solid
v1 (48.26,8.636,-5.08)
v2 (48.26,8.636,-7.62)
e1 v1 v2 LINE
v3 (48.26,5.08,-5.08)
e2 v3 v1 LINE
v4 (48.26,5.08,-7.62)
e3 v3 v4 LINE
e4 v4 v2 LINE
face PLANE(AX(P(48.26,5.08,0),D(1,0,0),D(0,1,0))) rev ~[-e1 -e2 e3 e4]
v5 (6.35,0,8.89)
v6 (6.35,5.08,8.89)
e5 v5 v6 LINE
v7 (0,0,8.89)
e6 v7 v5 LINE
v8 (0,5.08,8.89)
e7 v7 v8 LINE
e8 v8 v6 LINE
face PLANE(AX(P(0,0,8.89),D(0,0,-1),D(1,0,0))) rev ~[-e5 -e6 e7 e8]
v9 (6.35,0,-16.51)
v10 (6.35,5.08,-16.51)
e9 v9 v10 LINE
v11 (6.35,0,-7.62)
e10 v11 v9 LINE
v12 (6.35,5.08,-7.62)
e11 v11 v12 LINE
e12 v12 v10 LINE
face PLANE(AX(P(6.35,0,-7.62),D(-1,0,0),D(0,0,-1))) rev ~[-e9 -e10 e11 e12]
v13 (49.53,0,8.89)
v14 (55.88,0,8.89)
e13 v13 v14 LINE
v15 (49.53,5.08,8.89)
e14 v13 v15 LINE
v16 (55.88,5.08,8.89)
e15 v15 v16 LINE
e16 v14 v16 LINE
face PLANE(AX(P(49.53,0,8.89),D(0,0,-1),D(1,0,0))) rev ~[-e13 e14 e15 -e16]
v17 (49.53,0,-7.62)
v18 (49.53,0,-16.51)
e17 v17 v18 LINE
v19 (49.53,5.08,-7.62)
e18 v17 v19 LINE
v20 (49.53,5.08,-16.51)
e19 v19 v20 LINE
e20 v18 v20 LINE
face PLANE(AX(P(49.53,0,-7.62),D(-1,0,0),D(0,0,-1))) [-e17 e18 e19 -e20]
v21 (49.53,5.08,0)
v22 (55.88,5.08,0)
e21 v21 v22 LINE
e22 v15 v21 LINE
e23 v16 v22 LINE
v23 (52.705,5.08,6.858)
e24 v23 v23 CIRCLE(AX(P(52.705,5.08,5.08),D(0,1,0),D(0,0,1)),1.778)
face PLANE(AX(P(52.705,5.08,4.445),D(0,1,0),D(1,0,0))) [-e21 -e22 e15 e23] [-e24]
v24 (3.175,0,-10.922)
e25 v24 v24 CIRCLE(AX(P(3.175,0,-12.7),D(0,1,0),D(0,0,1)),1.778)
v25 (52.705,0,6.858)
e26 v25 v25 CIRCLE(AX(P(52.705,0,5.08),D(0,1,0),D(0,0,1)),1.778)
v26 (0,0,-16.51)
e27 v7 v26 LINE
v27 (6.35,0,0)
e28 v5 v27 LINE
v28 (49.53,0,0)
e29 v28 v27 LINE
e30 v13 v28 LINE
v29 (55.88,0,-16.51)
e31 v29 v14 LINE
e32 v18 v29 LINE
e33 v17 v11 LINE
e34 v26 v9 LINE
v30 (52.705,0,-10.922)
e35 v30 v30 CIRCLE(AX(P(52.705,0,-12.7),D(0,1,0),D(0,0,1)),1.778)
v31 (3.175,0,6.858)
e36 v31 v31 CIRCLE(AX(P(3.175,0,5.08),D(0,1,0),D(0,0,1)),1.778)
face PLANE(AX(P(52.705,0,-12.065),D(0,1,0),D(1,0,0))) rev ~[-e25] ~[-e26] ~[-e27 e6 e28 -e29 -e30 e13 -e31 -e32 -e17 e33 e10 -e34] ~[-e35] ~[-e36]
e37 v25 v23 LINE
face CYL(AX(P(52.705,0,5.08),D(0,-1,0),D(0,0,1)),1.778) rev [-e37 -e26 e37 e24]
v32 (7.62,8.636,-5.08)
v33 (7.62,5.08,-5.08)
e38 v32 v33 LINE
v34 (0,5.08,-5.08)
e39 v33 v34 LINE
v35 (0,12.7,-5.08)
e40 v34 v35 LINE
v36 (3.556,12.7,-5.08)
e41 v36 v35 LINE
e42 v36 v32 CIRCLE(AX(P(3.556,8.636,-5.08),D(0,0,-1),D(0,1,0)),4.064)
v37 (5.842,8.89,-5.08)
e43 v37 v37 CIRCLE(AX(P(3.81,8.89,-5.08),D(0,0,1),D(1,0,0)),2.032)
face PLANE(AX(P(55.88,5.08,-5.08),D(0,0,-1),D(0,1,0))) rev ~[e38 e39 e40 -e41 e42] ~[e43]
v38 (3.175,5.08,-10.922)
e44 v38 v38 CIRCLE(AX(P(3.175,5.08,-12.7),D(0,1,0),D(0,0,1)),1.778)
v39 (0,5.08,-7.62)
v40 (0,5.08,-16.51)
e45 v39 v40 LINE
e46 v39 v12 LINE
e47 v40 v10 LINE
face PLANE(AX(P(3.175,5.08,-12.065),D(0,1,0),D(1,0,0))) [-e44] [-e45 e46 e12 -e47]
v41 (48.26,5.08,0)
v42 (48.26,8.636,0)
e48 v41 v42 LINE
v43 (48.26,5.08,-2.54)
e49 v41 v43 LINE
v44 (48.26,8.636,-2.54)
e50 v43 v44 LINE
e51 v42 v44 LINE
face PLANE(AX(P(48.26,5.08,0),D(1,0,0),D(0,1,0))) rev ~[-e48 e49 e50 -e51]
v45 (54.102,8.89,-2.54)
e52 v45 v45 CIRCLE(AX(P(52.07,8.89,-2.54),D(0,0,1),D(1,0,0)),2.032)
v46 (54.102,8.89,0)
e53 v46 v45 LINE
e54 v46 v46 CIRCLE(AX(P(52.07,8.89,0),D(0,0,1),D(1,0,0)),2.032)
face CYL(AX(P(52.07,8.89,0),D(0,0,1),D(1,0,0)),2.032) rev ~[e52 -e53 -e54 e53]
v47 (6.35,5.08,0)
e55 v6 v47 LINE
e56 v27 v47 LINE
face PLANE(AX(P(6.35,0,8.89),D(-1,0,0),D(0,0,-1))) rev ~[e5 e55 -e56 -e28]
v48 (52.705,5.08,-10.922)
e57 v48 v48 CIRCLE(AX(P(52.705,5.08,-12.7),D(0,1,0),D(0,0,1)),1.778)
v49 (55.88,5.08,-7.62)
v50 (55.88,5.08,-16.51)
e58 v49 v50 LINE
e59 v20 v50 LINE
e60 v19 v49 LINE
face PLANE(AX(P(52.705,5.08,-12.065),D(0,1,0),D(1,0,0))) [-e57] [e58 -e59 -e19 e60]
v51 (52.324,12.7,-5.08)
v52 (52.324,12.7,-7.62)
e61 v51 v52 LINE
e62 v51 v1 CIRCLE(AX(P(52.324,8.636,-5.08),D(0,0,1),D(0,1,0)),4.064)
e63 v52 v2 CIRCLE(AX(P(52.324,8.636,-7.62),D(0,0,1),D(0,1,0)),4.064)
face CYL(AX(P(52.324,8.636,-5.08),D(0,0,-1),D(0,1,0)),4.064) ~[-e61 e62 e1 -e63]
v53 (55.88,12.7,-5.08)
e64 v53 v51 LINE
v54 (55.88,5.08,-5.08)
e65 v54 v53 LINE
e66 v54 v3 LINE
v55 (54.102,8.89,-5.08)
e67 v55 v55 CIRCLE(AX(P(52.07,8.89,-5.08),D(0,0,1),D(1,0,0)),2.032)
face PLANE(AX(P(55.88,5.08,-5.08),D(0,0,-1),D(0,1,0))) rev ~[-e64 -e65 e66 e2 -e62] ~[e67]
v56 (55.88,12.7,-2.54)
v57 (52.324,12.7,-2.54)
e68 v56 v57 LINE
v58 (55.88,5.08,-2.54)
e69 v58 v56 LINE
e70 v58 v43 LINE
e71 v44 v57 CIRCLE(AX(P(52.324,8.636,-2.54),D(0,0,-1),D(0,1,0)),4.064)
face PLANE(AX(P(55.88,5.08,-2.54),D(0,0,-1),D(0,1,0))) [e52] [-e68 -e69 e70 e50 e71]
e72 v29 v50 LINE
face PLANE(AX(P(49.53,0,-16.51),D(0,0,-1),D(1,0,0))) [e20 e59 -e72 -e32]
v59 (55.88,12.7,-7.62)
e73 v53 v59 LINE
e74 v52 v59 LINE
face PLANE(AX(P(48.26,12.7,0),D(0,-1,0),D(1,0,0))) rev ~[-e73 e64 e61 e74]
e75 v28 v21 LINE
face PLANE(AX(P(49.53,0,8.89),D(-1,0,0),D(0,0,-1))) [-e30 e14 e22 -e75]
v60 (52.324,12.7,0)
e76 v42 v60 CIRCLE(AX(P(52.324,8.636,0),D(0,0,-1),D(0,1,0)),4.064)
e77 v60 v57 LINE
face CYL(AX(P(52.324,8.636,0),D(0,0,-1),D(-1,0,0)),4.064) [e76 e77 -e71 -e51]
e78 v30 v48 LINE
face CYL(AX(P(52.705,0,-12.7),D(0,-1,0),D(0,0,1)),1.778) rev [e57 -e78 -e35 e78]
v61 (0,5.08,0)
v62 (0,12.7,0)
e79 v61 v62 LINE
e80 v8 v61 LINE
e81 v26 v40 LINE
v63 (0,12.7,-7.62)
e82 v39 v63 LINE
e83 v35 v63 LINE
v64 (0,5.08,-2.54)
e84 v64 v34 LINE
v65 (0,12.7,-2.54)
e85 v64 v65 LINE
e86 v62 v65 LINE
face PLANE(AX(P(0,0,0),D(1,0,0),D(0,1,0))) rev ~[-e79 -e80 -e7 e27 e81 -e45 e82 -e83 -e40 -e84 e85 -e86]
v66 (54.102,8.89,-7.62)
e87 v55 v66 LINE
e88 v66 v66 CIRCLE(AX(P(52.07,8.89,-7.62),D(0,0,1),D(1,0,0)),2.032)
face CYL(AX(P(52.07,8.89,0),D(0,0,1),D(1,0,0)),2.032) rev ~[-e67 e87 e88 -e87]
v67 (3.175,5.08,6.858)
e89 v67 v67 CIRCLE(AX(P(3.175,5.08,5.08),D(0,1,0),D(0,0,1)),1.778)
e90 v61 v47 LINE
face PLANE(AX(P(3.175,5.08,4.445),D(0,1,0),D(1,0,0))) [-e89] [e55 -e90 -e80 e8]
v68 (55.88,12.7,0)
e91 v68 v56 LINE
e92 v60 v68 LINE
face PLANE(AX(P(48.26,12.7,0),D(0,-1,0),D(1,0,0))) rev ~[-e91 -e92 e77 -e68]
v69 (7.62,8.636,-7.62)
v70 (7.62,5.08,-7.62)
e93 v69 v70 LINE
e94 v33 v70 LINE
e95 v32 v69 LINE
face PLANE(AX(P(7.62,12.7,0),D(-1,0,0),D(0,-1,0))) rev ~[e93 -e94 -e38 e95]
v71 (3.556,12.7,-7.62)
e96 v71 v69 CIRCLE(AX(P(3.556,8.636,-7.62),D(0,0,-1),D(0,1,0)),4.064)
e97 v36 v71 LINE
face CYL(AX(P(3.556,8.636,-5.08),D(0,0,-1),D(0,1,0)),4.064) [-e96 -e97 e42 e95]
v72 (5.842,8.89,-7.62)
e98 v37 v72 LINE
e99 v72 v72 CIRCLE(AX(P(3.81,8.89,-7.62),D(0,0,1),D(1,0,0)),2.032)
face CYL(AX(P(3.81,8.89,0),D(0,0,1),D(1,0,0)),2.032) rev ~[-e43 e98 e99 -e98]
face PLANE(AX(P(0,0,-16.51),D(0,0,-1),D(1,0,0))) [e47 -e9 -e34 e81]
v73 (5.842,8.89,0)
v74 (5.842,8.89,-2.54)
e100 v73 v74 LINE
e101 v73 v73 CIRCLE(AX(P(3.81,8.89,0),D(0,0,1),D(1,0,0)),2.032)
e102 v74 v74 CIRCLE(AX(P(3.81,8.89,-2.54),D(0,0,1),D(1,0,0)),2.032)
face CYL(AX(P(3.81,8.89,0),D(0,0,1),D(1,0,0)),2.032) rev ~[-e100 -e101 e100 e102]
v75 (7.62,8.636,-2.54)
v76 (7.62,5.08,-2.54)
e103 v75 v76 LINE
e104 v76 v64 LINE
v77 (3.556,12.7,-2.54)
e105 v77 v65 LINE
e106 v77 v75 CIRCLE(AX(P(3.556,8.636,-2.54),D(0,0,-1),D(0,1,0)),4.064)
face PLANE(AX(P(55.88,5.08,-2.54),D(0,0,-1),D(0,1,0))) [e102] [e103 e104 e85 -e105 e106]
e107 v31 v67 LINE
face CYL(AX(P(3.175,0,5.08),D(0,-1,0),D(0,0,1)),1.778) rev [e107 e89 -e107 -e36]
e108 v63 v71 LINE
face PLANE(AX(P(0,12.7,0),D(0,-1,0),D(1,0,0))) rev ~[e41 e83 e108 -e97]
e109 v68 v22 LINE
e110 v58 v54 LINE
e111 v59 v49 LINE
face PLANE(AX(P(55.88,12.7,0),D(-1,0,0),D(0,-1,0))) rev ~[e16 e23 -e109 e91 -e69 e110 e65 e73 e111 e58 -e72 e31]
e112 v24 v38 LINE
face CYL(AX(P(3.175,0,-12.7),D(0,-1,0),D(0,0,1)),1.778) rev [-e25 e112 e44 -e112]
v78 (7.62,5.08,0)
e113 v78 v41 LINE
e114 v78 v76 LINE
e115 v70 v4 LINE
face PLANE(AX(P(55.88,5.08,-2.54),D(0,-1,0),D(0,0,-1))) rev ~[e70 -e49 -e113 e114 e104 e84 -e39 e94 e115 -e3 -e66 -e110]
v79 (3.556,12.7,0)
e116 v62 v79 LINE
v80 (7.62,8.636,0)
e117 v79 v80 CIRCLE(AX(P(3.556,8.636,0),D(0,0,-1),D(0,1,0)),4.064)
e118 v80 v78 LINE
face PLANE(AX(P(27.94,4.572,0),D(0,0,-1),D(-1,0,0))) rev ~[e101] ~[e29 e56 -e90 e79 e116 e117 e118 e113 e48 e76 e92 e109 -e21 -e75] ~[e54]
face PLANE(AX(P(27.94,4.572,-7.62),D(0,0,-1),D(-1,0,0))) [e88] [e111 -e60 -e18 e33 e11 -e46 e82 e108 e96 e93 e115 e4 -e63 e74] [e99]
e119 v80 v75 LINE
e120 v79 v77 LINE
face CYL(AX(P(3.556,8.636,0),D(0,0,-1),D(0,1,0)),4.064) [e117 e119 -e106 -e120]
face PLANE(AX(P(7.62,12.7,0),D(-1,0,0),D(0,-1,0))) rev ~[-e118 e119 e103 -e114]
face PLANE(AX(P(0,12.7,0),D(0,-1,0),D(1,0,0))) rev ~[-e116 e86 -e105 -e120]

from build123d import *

# Parameters (mm, degrees)
SKETCH1_R           = 2.032
BOSS_EXTRUDE1_DEPTH = 7.62
SKETCH3_W           = 2.54
SKETCH3_H           = 7.62
CUT_EXTRUDE1_DEPTH  = 55.88
SKETCH5_W           = 6.35
SKETCH5_H           = 8.89
SKETCH5_R           = 1.778
BOSS_EXTRUDE2_DEPTH = 5.08
FILLET2_R           = 4.064


with BuildPart() as part:
    # Sketch1 → Boss-Extrude1 (new body)
    with BuildSketch(Plane.XY):
        Polygon((0, 0), (0, 12.7), (7.62, 12.7), (7.62, 5.08), (48.26, 5.08), (48.26, 12.7), (55.88, 12.7), (55.88, 0), align=None)
        with Locations((3.81, 8.89)):
            Circle(SKETCH1_R, mode=Mode.SUBTRACT)
        with Locations((52.07, 8.89)):
            Circle(SKETCH1_R, mode=Mode.SUBTRACT)
    extrude(amount=-BOSS_EXTRUDE1_DEPTH)

    # Sketch3 → Cut-Extrude1 (cut)
    with BuildSketch(Plane(origin=(55.88, 0, 0), x_dir=(0, 0, -1), z_dir=(1, 0, 0))):
        with Locations((3.81, 8.89)):
            Rectangle(SKETCH3_W, SKETCH3_H)
    extrude(amount=-CUT_EXTRUDE1_DEPTH, mode=Mode.SUBTRACT)

    # Sketch5 → Boss-Extrude2 (add)
    # profile 1 of 4: a face of its own
    with BuildSketch(Plane(origin=(0, 0, 0), x_dir=(1, 0, 0), z_dir=(0, 1, 0))):
        with Locations((52.705, 12.065)):
            Rectangle(SKETCH5_W, SKETCH5_H)
        with Locations(Location((52.705, 12.7, 0), (0, 0, 270))):
            Circle(SKETCH5_R, mode=Mode.SUBTRACT)
    # profile 2 of 4: a face of its own
    with BuildSketch(Plane(origin=(0, 0, 0), x_dir=(1, 0, 0), z_dir=(0, 1, 0))):
        with Locations((52.705, -4.445)):
            Rectangle(SKETCH5_W, SKETCH5_H)
        with Locations(Location((52.705, -5.08, 0), (0, 0, 270))):
            Circle(SKETCH5_R, mode=Mode.SUBTRACT)
    # profile 3 of 4: a face of its own
    with BuildSketch(Plane(origin=(0, 0, 0), x_dir=(1, 0, 0), z_dir=(0, 1, 0))):
        with Locations((3.175, -4.445)):
            Rectangle(SKETCH5_W, SKETCH5_H)
        with Locations(Location((3.175, -5.08, 0), (0, 0, 270))):
            Circle(SKETCH5_R, mode=Mode.SUBTRACT)
    # profile 4 of 4: a face of its own
    with BuildSketch(Plane(origin=(0, 0, 0), x_dir=(1, 0, 0), z_dir=(0, 1, 0))):
        with Locations((3.175, 12.065)):
            Rectangle(SKETCH5_W, SKETCH5_H)
        with Locations(Location((3.175, 12.7, 0), (0, 0, 270))):
            Circle(SKETCH5_R, mode=Mode.SUBTRACT)
    extrude(amount=BOSS_EXTRUDE2_DEPTH)

    # Fillet2
    fillet2_edges = [part.edges().sort_by_distance(p)[0] for p in [
        (7.62, 12.7, -6.35),
        (48.26, 12.7, -6.35),
        (48.26, 12.7, -1.27),
        (7.62, 12.7, -1.27),
    ]]
    fillet(fillet2_edges, radius=FILLET2_R)


solid = part.part
